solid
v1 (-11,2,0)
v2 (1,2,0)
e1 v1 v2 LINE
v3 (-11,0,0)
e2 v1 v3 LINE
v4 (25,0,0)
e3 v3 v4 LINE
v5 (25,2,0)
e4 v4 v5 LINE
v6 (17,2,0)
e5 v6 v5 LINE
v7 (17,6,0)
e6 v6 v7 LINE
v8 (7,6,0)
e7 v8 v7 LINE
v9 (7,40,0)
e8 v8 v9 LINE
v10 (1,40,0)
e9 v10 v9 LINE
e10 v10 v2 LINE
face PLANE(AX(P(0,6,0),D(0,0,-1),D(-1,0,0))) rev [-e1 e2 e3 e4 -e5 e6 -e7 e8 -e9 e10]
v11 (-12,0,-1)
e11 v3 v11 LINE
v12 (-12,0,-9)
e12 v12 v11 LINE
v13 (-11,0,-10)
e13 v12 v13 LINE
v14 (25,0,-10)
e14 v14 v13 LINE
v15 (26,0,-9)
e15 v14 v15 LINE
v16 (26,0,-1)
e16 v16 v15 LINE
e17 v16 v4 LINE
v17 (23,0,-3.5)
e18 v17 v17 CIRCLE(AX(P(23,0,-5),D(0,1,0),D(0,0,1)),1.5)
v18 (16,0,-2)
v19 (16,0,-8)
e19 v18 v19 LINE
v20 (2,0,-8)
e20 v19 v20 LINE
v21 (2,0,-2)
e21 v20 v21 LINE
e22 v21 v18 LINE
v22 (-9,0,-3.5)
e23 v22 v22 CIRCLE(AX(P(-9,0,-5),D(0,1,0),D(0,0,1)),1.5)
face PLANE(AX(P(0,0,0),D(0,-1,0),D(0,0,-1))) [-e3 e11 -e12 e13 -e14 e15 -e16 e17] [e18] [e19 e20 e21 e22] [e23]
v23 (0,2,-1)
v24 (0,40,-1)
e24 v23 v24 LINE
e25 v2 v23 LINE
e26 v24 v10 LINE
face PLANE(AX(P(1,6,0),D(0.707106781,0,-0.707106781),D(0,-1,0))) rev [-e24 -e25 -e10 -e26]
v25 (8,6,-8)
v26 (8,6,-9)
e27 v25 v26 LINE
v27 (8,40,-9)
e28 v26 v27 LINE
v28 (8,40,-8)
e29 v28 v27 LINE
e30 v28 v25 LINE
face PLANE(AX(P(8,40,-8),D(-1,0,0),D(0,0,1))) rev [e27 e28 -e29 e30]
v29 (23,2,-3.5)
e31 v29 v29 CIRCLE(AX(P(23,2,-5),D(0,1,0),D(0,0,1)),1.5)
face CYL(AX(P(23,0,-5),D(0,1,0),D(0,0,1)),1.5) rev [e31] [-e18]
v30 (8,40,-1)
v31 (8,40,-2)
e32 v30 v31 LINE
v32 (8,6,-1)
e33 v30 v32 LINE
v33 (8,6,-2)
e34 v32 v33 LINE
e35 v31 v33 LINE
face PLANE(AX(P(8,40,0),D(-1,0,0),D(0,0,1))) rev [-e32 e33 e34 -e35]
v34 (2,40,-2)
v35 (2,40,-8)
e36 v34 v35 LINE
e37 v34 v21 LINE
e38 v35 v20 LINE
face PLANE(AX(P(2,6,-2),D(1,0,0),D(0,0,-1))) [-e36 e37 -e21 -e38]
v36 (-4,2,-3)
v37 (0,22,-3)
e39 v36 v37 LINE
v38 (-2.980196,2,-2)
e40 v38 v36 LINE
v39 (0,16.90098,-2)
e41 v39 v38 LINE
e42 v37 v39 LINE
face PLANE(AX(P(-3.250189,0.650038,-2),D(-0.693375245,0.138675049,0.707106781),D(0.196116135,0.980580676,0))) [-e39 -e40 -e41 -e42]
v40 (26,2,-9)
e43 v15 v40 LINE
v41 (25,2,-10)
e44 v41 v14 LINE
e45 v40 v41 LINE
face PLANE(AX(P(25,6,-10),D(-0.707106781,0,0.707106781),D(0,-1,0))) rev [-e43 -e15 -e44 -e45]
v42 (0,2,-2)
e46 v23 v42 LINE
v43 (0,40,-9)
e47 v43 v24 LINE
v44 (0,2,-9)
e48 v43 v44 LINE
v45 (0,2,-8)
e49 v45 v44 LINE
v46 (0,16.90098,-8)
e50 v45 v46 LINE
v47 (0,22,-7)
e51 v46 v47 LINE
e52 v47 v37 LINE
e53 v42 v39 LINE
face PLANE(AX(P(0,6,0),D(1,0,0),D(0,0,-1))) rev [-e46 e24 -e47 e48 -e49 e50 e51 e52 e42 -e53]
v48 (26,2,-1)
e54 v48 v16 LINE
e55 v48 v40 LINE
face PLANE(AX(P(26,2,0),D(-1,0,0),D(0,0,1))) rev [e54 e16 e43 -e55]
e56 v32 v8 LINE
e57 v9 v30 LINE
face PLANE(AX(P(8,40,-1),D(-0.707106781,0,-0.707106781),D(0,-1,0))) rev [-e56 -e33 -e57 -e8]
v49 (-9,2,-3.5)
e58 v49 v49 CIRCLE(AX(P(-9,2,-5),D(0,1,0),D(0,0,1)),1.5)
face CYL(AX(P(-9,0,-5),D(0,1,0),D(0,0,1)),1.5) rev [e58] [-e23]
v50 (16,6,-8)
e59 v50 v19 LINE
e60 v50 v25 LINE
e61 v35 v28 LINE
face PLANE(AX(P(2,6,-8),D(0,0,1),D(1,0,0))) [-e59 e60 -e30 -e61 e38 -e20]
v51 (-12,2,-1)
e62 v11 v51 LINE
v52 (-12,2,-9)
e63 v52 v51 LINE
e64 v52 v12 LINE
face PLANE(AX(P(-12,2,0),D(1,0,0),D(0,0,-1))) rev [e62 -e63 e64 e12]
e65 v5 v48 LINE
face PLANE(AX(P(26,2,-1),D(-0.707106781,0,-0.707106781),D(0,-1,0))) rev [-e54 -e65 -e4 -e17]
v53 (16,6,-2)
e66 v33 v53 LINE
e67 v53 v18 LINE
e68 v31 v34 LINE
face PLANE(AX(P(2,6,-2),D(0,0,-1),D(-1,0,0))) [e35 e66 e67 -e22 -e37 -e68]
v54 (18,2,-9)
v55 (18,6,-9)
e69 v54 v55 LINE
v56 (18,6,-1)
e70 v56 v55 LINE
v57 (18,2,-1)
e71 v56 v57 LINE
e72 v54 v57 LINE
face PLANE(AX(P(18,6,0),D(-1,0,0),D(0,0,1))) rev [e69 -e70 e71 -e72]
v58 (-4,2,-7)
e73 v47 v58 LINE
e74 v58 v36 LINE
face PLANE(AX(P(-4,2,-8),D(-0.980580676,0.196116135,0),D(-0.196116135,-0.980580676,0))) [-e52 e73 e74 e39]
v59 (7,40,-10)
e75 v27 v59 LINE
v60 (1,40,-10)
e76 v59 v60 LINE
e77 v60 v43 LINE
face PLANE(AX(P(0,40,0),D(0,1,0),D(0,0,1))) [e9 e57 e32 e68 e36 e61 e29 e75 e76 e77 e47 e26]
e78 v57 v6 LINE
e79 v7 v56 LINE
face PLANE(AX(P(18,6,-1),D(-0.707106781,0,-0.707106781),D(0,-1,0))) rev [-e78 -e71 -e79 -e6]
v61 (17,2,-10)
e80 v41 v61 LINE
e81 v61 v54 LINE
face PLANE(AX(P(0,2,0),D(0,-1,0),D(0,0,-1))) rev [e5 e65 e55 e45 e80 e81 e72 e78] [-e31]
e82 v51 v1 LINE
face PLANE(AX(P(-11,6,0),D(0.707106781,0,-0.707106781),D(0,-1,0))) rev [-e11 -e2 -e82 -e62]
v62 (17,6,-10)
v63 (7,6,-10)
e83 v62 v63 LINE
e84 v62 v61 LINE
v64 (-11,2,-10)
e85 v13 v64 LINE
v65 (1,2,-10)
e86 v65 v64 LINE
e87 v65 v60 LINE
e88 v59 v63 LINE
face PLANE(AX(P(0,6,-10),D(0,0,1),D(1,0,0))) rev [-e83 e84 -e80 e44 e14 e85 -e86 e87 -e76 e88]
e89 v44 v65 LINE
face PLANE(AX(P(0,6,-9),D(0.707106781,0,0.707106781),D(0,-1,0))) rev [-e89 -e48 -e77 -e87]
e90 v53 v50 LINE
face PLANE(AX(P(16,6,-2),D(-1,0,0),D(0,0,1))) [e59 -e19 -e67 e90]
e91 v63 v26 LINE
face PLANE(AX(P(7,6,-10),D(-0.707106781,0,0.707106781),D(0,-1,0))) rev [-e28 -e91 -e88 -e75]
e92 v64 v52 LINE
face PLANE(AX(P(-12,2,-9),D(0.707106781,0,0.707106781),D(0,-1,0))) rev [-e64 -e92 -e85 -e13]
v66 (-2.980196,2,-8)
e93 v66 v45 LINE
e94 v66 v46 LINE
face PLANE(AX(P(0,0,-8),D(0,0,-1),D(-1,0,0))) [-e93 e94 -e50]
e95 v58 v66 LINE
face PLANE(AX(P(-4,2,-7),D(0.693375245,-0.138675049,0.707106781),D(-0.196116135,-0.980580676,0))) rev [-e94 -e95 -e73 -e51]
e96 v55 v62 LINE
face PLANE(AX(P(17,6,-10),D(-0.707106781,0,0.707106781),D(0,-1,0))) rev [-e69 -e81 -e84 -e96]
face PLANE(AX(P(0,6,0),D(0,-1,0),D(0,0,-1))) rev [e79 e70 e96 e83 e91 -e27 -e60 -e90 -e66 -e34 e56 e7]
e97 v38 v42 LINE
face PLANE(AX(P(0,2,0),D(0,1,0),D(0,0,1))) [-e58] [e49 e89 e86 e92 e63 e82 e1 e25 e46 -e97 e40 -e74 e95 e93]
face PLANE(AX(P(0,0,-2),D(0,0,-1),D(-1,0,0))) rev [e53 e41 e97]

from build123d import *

# Parameters (mm, degrees)
SKETCH1_W                = 18
SKETCH1_H                = 10
SKETCH1_W_2              = 14
SKETCH1_H_2              = 6
BOSS_EXTRUDE1_DEPTH      = 6
BOSS_EXTRUDE2_DEPTH      = 34
SKETCH3_W                = 12
SKETCH3_H                = 10
SKETCH3_W_2              = 8
BOSS_EXTRUDE3_DEPTH      = 2
BOSS_EXTRUDE4_DEPTH      = 3
BOSS_EXTRUDE4_DEPTH_BACK = 3
CHAMFER1_SIZE            = 1
CHAMFER2_SIZE            = 1
SKETCH5_R                = 1.5
CUT_EXTRUDE1_DEPTH       = 48.116875958


with BuildPart() as part:
    # Sketch1 → Boss-Extrude1 (new body)
    with BuildSketch(Plane(origin=(0, 0, 0), x_dir=(1, 0, 0), z_dir=(0, 1, 0))):
        with Locations((9, 5)):
            Rectangle(SKETCH1_W, SKETCH1_H)
        with Locations((9, 5)):
            Rectangle(SKETCH1_W_2, SKETCH1_H_2, mode=Mode.SUBTRACT)
    extrude(amount=BOSS_EXTRUDE1_DEPTH)

    # Sketch2 → Boss-Extrude2 (add)
    with BuildSketch(Plane(origin=(0, 6, 0), x_dir=(1, 0, 0), z_dir=(0, 1, 0))):
        Polygon((0, 10), (0, 0), (8, 0), (8, 2), (2, 2), (2, 8), (8, 8), (8, 10), align=None)
    extrude(amount=BOSS_EXTRUDE2_DEPTH)

    # Sketch3 → Boss-Extrude3 (add)
    with BuildSketch(Plane(origin=(0, 0, 0), x_dir=(1, 0, 0), z_dir=(0, 1, 0))):
        with Locations((-6, 5)):
            Rectangle(SKETCH3_W, SKETCH3_H)
        with Locations((22, 5)):
            Rectangle(SKETCH3_W_2, SKETCH3_H)
    extrude(amount=BOSS_EXTRUDE3_DEPTH)

    # Sketch4 → Boss-Extrude4 (add, two sides: drawn at the far end of the back side and taken through both)
    with BuildSketch(Plane.XY.offset(-5).offset(-BOSS_EXTRUDE4_DEPTH_BACK)):
        Polygon((0, 2), (-4, 2), (0, 22), align=None)
    extrude(amount=BOSS_EXTRUDE4_DEPTH + BOSS_EXTRUDE4_DEPTH_BACK)

    # Chamfer1
    chamfer1_edges = [part.edges().sort_by_distance(p)[0] for p in [
        (8, 23, -10),
        (8, 23, 0),
        (-12, 1, -10),
        (-12, 1, 0),
        (26, 1, 0),
        (26, 1, -10),
        (0, 21, -10),
        (18, 4, -10),
        (18, 4, 0),
        (0, 21, 0),
    ]]
    chamfer(chamfer1_edges, length=CHAMFER1_SIZE)

    # Chamfer2
    chamfer2_edges = [part.edges().sort_by_distance(p)[0] for p in [
        (-2, 12, -8),
        (-2, 12, -2),
    ]]
    chamfer(chamfer2_edges, length=CHAMFER2_SIZE)

    # Sketch5 → Cut-Extrude1 (cut, through all)
    with BuildSketch(Plane(origin=(0, 2, 0), x_dir=(1, 0, 0), z_dir=(0, 1, 0))):
        with Locations(Location((-9, 5, 0), (0, 0, 270))):
            Circle(SKETCH5_R)
        with Locations(Location((23, 5, 0), (0, 0, 270))):
            Circle(SKETCH5_R)
    extrude(amount=-CUT_EXTRUDE1_DEPTH, mode=Mode.SUBTRACT)


solid = part.part
